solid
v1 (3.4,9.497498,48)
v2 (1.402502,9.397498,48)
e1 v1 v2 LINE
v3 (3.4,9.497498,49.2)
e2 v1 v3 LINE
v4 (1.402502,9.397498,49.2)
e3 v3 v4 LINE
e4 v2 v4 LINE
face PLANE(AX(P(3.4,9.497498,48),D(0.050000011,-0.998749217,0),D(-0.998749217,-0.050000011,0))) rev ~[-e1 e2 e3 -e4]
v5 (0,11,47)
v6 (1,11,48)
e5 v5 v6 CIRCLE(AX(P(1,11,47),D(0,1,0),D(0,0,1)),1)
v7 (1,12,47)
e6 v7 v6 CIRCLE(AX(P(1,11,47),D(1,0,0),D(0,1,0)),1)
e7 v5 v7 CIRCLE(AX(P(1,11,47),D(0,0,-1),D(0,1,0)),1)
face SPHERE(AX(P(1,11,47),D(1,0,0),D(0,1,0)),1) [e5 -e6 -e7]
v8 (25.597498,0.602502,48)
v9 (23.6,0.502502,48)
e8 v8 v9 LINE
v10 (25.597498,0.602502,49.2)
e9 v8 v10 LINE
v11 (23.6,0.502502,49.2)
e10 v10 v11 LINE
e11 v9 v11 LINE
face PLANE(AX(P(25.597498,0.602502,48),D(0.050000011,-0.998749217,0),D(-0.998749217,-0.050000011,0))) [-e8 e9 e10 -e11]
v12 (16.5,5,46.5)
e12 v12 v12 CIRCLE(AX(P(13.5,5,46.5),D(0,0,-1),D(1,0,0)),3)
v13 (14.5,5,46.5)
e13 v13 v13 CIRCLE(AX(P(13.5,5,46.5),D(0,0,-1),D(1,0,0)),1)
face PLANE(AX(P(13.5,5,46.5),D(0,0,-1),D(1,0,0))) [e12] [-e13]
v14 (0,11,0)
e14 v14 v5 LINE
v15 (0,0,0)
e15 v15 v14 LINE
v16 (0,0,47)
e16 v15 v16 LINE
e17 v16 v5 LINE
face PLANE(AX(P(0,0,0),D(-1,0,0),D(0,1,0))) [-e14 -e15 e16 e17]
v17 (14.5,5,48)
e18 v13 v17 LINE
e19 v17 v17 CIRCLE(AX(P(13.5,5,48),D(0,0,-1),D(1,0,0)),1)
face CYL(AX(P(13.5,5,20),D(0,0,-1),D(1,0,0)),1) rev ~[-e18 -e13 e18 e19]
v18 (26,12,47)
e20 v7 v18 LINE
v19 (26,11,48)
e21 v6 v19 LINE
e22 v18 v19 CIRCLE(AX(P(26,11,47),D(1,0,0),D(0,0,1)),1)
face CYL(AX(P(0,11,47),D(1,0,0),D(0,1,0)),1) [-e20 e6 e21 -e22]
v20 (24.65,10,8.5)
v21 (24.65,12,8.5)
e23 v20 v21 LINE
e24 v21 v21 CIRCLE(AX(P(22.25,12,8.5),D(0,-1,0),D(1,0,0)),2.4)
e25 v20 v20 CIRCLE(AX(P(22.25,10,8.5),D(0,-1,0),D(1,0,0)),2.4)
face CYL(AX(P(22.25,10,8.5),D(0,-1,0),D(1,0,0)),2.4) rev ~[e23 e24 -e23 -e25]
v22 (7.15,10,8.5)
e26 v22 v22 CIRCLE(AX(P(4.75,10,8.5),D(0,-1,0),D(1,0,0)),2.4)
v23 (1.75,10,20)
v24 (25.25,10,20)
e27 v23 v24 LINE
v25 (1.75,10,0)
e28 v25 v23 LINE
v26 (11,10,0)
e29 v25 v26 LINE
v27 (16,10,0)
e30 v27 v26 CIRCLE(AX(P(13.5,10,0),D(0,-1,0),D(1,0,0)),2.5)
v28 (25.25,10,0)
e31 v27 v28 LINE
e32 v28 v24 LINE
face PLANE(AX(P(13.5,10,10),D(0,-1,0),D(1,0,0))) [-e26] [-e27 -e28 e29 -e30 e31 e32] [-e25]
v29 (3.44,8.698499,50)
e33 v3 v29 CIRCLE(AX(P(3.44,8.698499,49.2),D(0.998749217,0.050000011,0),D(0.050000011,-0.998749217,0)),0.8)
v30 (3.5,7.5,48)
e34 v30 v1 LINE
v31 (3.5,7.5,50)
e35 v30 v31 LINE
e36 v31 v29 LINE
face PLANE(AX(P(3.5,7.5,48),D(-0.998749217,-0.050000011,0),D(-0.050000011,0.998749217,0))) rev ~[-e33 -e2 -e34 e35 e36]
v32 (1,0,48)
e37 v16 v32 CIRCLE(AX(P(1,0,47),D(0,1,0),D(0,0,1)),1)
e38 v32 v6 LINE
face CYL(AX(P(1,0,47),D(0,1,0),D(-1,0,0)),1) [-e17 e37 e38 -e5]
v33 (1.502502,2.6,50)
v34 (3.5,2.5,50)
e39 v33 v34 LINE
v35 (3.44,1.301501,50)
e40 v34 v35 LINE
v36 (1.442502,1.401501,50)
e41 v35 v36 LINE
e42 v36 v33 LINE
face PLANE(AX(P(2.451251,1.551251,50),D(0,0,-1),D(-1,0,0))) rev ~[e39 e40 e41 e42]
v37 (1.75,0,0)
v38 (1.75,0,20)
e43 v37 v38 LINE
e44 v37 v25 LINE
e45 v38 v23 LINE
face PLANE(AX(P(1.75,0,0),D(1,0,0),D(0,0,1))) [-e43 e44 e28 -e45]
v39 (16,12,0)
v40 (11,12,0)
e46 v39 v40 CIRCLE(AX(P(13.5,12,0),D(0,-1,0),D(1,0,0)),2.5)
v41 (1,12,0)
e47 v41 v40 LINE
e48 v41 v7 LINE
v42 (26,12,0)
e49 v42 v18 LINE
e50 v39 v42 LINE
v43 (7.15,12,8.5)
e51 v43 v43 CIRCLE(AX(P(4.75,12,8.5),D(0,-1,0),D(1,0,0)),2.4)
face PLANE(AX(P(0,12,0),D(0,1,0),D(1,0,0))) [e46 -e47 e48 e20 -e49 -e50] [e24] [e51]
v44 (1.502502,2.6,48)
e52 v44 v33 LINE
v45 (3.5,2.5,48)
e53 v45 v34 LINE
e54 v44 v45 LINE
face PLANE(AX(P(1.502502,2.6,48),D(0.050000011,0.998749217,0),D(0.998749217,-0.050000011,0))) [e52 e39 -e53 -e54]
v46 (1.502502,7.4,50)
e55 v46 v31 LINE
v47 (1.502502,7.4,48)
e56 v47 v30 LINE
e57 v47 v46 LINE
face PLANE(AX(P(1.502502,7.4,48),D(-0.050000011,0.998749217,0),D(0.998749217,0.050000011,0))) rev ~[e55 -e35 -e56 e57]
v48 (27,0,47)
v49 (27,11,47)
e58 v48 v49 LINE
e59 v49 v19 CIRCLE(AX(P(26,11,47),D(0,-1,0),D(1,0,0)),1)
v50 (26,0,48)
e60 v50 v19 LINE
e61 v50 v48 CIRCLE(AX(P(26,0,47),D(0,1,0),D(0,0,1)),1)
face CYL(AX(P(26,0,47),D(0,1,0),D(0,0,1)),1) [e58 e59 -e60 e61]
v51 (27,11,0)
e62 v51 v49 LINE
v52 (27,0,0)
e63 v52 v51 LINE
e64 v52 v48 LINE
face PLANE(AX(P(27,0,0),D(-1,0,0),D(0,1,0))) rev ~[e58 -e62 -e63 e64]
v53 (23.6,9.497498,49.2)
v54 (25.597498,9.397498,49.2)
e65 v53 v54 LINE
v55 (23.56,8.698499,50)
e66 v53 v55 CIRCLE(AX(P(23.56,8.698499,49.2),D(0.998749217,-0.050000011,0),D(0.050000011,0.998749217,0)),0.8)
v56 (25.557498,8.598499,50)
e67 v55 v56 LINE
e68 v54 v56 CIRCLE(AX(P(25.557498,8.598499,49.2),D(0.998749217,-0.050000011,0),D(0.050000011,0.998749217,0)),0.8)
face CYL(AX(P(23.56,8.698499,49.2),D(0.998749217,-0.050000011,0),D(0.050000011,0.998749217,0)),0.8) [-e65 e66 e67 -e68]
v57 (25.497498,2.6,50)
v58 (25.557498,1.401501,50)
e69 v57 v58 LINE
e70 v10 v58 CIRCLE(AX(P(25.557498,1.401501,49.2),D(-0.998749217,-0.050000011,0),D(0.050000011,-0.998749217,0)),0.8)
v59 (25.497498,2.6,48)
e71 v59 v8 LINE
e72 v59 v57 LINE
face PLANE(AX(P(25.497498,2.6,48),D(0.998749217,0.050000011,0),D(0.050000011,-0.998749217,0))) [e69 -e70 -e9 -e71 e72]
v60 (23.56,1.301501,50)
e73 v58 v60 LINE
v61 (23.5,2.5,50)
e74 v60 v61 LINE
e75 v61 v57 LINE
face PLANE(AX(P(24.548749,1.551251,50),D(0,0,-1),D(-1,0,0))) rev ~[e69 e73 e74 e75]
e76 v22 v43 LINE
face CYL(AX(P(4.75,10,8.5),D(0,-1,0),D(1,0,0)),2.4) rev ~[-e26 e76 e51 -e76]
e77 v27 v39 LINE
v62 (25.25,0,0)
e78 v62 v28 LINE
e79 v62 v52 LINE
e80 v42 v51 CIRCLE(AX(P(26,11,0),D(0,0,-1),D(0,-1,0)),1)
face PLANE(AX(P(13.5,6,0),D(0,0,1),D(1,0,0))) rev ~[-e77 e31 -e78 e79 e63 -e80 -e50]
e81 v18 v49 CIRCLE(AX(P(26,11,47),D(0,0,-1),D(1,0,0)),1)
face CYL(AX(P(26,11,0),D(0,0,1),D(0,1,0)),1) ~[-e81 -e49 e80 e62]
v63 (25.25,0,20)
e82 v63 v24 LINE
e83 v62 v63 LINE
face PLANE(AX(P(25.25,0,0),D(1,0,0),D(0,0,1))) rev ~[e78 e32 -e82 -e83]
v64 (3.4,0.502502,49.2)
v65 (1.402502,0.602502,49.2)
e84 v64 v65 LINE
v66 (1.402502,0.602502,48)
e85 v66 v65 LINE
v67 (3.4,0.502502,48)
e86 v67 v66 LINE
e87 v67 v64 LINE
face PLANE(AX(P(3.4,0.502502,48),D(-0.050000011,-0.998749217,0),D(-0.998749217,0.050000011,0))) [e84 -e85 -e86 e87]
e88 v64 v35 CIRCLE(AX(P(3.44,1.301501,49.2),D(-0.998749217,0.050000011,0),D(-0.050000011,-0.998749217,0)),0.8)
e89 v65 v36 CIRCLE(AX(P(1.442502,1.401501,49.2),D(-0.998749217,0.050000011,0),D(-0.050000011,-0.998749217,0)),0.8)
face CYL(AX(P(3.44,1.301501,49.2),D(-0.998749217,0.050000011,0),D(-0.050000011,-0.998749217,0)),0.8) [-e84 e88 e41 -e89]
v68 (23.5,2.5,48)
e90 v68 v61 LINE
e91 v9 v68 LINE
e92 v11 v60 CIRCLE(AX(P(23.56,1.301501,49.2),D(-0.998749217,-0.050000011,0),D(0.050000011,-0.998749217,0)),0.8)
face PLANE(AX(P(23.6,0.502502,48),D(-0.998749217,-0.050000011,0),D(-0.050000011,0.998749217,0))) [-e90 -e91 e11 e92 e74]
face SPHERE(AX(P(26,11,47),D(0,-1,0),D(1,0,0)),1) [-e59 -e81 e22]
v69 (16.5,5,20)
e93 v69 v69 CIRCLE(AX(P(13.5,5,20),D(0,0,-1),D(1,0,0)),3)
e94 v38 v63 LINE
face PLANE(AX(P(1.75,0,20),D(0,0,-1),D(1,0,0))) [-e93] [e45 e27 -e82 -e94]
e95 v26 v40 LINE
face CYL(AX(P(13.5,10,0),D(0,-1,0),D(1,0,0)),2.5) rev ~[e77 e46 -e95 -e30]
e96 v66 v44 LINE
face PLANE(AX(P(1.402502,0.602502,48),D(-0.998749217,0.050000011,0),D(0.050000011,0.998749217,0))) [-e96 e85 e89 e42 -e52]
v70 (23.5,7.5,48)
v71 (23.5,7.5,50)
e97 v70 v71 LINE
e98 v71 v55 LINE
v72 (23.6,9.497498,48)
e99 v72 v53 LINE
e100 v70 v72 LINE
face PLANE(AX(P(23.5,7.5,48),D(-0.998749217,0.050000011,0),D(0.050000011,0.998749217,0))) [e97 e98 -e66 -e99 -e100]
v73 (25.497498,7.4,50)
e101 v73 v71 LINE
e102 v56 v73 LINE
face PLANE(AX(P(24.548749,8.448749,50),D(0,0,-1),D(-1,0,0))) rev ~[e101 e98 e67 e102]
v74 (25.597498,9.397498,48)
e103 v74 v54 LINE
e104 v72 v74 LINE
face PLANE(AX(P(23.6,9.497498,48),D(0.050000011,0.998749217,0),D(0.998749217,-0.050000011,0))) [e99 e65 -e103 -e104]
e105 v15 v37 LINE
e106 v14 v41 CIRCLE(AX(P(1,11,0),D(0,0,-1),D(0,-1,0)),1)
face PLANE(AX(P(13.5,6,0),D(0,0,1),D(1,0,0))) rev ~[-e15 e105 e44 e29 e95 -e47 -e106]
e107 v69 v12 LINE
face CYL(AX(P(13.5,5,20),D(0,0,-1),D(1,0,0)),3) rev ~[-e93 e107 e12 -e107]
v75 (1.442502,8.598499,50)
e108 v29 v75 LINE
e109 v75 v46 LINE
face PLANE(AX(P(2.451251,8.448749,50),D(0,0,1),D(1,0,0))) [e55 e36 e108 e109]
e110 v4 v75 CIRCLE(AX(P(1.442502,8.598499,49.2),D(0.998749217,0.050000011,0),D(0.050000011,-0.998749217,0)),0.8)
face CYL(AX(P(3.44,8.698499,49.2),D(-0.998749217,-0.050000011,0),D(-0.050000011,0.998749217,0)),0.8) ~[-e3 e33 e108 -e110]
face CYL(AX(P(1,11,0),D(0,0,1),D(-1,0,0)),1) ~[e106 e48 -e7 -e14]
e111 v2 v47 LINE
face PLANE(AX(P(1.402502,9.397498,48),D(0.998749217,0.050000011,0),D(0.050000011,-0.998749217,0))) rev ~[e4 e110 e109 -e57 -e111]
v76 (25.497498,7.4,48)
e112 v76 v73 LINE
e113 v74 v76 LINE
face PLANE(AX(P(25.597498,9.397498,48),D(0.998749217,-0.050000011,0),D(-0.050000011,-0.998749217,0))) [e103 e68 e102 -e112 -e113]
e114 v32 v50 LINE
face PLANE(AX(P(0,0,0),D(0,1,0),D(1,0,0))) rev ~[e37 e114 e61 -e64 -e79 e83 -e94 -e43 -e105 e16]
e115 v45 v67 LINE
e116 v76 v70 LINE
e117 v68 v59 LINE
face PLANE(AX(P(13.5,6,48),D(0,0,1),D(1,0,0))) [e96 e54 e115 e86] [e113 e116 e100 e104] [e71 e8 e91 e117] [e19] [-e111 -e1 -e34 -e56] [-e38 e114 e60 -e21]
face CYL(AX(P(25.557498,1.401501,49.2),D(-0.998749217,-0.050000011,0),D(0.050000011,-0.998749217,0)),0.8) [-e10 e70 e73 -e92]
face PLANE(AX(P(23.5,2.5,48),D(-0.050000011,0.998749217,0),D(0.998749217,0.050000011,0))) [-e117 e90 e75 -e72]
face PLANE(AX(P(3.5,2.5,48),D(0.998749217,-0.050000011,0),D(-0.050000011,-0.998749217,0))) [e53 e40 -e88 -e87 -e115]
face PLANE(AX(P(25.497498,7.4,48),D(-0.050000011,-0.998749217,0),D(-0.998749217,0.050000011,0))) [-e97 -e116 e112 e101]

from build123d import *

# Parameters (mm, degrees)
BOX_W           = 27
BOX_H           = 12
BOX_DEPTH       = 48
SKETCH_W        = 23.5
SKETCH_H        = 20
POCKET_DEPTH    = 10
SKETCH002_R     = 1
POCKET001_DEPTH = 28.001
SKETCH003_R     = 3
POCKET002_DEPTH = 26.5
SKETCH004_R     = 2.4
POCKET003_DEPTH = 2.001
POCKET004_DEPTH = 2.001
PAD_DEPTH       = 2
FILLET_R        = 1
FILLET001_R     = 0.8


with BuildPart() as part:
    # Box → Box (new body)
    with BuildSketch(Plane.XY):
        with Locations((13.5, 6)):
            Rectangle(BOX_W, BOX_H)
    extrude(amount=BOX_DEPTH)

    # Sketch (on Face3 of BaseFeature) → Pocket (cut)
    with BuildSketch(Plane.XZ):
        with Locations((13.5, 10)):
            Rectangle(SKETCH_W, SKETCH_H)
    extrude(amount=-POCKET_DEPTH, mode=Mode.SUBTRACT)

    # Sketch002 (on Face7 of Pocket) → Pocket001 (cut, through all)
    with BuildSketch(Plane(origin=(0, 0, 20), x_dir=(1, 0, 0), z_dir=(0, 0, -1))):
        with Locations((13.5, -5)):
            Circle(SKETCH002_R)
    extrude(amount=-POCKET001_DEPTH, mode=Mode.SUBTRACT)

    # Sketch003 (on Face7 of Pocket001) → Pocket002 (cut)
    with BuildSketch(Plane(origin=(0, 0, 20), x_dir=(1, 0, 0), z_dir=(0, 0, -1))):
        with Locations((13.5, -5)):
            Circle(SKETCH003_R)
    extrude(amount=-POCKET002_DEPTH, mode=Mode.SUBTRACT)

    # Sketch004 (on Face11 of Pocket002) → Pocket003 (cut, through all)
    with BuildSketch(Plane.XZ.offset(-10)):
        with Locations((4.75, 8.5)):
            Circle(SKETCH004_R)
        with Locations((22.25, 8.5)):
            Circle(SKETCH004_R)
    extrude(amount=-POCKET003_DEPTH, mode=Mode.SUBTRACT)

    # Sketch005 (on Face13 of Pocket003) → Pocket004 (cut, through all)
    with BuildSketch(Plane.XZ.offset(-10)):
        with BuildLine():
            ThreePointArc((16, 0), (13.5, 2.5), (11, 0))
            Line((11, 0), (16, 0))
        make_face()
    extrude(amount=-POCKET004_DEPTH, mode=Mode.SUBTRACT)

    # Sketch006 (on Face3 of Pocket004) → Pad (join)
    with BuildSketch(Plane.XY.offset(48)):
        Polygon((3.4, 9.497498), (1.402502, 9.397498), (1.502502, 7.4), (3.5, 7.5), align=None)
        Polygon((1.502502, 2.6), (3.5, 2.5), (3.4, 0.502502), (1.402502, 0.602502), align=None)
        Polygon((23.5, 2.5), (25.497498, 2.6), (25.597498, 0.602502), (23.6, 0.502502), align=None)
        Polygon((23.6, 9.497498), (25.597498, 9.397498), (25.497498, 7.4), (23.5, 7.5), align=None)
    extrude(amount=PAD_DEPTH)

    # Fillet
    fillet_edges = [part.edges().sort_by_distance(p)[0] for p in [
        (27, 6, 48),
        (27, 12, 24),
        (13.5, 12, 48),
        (0, 12, 24),
        (0, 6, 48),
    ]]
    fillet(fillet_edges, radius=FILLET_R)

    # Fillet001
    fillet001_edges = [part.edges().sort_by_distance(p)[0] for p in [
        (2.401251, 9.447498, 50),
        (2.401251, 0.552502, 50),
        (24.598749, 9.447498, 50),
        (24.598749, 0.552502, 50),
    ]]
    fillet(fillet001_edges, radius=FILLET001_R)


solid = part.part
